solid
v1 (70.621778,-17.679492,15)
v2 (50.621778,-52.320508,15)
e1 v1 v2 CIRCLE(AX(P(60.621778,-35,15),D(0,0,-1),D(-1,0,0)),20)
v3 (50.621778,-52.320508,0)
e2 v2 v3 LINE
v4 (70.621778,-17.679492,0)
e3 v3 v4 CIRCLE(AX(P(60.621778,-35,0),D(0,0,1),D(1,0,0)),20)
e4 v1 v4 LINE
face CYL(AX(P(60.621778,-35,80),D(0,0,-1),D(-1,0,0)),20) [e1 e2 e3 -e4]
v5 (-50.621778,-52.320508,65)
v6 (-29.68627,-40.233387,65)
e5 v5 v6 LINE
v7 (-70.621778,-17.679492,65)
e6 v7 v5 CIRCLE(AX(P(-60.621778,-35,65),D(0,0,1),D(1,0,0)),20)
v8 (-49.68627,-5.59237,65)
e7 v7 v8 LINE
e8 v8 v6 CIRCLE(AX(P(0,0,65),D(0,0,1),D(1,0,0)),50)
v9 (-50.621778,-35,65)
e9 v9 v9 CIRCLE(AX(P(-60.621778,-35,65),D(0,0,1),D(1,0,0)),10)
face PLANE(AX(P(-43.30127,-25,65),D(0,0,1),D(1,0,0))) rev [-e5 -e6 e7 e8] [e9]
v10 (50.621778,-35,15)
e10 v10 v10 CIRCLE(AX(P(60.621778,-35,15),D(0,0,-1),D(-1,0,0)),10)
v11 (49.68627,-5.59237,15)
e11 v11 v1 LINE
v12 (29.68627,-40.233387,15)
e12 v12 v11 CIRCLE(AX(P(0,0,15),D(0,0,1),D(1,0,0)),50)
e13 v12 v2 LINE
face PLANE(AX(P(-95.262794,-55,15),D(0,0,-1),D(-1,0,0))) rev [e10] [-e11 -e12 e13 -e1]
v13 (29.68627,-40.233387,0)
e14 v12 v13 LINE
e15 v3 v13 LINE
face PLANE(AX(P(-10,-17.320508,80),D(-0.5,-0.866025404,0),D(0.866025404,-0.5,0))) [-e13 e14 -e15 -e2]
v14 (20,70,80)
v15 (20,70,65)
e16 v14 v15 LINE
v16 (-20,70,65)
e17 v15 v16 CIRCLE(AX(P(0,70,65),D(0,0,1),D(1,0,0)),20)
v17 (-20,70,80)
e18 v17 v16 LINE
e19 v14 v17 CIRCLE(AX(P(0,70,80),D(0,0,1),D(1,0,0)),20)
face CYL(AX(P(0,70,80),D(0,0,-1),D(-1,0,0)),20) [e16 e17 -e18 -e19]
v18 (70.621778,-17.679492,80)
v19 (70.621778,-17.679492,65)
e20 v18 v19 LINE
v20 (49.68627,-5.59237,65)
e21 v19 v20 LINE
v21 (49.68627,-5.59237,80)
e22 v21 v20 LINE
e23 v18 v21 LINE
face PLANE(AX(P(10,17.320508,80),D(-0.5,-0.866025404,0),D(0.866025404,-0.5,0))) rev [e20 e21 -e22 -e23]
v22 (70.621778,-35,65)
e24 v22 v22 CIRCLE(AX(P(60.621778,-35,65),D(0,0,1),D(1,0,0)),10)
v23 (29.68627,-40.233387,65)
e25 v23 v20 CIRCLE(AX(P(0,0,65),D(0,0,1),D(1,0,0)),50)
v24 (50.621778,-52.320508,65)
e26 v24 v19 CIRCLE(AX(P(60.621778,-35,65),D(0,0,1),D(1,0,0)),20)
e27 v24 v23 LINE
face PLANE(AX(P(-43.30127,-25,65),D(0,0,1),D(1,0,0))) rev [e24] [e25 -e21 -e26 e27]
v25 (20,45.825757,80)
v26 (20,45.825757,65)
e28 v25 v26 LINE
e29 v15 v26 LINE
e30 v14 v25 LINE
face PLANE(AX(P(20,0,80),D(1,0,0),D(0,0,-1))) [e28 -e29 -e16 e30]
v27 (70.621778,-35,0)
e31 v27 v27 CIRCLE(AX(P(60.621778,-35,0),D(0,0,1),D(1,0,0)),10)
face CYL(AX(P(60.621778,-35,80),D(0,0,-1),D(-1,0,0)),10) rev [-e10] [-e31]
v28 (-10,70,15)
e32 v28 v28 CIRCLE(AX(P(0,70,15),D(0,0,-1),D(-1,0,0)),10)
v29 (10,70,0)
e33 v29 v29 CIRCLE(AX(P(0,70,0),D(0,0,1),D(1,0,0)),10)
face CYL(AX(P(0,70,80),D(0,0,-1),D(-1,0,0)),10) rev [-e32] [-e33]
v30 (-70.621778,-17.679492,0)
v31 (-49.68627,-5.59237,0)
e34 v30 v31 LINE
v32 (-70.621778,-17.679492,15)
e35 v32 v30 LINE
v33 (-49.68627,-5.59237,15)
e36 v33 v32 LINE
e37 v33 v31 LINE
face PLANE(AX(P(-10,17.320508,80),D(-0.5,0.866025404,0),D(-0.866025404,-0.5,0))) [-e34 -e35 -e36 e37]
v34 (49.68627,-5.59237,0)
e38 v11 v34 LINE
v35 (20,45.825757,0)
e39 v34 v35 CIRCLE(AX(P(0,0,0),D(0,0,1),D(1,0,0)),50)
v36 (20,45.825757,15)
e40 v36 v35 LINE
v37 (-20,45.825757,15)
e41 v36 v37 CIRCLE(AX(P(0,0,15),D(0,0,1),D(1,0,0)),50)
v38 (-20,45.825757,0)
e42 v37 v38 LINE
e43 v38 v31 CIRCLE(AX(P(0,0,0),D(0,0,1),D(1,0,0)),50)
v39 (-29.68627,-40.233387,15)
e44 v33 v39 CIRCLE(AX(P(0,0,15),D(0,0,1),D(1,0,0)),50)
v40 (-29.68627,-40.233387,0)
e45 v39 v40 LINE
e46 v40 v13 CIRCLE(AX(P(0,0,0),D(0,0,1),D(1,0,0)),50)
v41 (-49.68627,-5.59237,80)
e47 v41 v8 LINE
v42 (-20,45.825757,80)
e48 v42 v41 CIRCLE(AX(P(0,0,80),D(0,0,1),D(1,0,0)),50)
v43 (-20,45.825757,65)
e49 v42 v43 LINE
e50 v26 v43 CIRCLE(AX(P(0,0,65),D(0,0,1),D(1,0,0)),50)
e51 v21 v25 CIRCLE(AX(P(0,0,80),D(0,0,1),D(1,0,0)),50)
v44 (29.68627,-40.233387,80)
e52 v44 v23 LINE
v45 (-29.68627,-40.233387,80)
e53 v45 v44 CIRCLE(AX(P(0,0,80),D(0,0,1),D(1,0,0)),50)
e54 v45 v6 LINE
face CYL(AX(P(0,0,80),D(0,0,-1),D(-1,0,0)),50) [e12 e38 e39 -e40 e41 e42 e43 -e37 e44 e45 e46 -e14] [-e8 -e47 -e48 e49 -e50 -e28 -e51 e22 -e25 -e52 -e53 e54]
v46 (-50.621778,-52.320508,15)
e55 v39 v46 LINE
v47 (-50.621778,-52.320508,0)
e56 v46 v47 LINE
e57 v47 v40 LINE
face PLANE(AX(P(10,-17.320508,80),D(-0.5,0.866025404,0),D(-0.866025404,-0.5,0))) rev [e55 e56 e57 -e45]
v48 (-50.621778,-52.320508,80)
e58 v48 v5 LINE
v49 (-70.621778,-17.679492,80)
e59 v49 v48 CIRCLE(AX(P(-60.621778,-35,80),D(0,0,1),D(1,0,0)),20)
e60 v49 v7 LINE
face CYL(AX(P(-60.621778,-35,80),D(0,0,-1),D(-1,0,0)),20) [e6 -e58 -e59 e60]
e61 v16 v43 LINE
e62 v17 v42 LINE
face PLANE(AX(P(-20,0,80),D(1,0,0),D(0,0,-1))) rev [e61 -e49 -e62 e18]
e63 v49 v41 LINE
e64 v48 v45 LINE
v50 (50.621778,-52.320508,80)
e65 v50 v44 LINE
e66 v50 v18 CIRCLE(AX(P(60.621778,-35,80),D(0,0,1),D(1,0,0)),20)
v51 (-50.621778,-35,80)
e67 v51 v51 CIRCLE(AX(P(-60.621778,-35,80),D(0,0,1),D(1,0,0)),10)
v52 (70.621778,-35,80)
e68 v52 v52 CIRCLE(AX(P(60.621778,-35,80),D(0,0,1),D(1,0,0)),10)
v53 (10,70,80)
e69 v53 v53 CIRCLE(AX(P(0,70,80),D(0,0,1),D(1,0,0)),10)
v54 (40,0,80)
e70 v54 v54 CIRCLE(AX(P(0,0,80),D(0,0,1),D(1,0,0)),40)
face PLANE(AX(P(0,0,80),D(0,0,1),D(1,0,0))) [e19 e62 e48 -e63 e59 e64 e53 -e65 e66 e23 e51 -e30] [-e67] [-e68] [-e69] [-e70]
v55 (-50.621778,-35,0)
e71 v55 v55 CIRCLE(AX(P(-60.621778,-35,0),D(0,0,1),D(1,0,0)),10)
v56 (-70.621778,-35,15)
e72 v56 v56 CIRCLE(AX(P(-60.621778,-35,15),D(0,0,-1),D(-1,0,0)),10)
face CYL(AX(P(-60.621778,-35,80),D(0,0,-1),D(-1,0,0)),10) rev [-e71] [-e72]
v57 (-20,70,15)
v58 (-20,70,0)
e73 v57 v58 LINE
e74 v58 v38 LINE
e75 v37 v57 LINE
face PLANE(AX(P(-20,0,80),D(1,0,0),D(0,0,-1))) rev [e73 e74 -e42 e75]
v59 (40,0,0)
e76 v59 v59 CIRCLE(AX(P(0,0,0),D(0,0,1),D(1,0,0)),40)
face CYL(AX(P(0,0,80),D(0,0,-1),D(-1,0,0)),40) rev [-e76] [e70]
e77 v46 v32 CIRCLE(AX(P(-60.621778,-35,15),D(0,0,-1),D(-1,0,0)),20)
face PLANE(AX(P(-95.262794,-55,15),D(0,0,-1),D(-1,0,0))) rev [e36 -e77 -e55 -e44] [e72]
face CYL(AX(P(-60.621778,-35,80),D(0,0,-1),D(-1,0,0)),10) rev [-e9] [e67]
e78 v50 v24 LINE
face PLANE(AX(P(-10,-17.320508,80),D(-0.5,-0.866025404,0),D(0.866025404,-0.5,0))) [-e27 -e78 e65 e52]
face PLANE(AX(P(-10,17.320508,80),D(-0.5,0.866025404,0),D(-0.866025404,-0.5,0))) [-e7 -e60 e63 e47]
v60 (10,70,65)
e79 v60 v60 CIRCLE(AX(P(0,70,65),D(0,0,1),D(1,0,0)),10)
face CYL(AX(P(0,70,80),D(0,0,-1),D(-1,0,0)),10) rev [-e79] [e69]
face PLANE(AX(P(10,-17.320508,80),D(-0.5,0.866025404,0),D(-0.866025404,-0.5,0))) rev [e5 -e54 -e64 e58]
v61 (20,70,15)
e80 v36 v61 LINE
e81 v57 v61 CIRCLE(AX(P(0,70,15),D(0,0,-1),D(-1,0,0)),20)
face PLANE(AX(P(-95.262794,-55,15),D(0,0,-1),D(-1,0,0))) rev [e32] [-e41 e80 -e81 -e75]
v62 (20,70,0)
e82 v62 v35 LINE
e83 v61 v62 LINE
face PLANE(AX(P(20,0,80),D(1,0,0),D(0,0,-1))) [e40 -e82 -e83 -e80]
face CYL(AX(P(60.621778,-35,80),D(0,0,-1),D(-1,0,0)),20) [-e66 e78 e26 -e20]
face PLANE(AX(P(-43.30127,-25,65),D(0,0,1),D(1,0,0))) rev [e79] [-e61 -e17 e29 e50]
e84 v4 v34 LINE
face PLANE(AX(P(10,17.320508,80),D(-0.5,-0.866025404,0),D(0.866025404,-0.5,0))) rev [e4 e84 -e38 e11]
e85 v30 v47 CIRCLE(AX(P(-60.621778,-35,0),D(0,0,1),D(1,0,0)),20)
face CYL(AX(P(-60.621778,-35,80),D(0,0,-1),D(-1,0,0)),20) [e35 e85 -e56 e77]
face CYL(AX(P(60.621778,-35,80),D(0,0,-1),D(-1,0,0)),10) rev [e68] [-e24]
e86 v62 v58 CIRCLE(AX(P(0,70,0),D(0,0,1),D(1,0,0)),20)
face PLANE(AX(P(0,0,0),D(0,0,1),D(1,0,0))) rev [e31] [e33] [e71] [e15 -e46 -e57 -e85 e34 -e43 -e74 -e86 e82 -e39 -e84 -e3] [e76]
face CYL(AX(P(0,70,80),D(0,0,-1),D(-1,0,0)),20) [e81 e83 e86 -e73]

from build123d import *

# Parameters (mm, degrees)
SKETCH1_R           = 50
SKETCH1_R_2         = 40
SKETCH1_R_3         = 10
BOSS_EXTRUDE1_DEPTH = 80
SKETCH6_W           = 60
SKETCH6_H           = 50


with BuildPart() as part:
    # Sketch1 → Boss-Extrude1 (new body)
    # profile 1 of 4: a face of its own
    with BuildSketch(Plane.XY):
        Circle(SKETCH1_R)
        Circle(SKETCH1_R_2, mode=Mode.SUBTRACT)
    # profile 2 of 4: a face of its own
    with BuildSketch(Plane.XY):
        with BuildLine():
            ThreePointArc((20, 70), (0, 90), (-20, 70))
            Line((-20, 70), (-20, 45.82575695))
            ThreePointArc((-20, 45.82575695), (0, 50), (20, 45.82575695))
            Line((20, 45.82575695), (20, 70))
        make_face()
        with Locations((0, 70)):
            Circle(SKETCH1_R_3, mode=Mode.SUBTRACT)
    # profile 3 of 4: a face of its own
    with BuildSketch(Plane.XY):
        with BuildLine():
            ThreePointArc((-29.686269666, -40.23338655), (-43.301270189, -25), (-49.686269666, -5.592370399))
            Line((-49.686269666, -5.592370399), (-70.621778265, -17.679491924))
            ThreePointArc((-70.621778265, -17.679491924), (-77.942286341, -45), (-50.621778265, -52.320508076))
            Line((-50.621778265, -52.320508076), (-29.686269666, -40.23338655))
        make_face()
        with Locations((-60.621778265, -35)):
            Circle(SKETCH1_R_3, mode=Mode.SUBTRACT)
    # profile 4 of 4: a face of its own
    with BuildSketch(Plane.XY):
        with BuildLine():
            Line((70.621778265, -17.679491924), (49.686269666, -5.592370399))
            ThreePointArc((49.686269666, -5.592370399), (43.301270189, -25), (29.686269666, -40.23338655))
            Line((29.686269666, -40.23338655), (50.621778265, -52.320508076))
            ThreePointArc((50.621778265, -52.320508076), (77.942286341, -45), (70.621778265, -17.679491924))
        make_face()
        with Locations((60.621778265, -35)):
            Circle(SKETCH1_R_3, mode=Mode.SUBTRACT)
    extrude(amount=BOSS_EXTRUDE1_DEPTH)

    # Sketch6 → Cut-Revolve1 (revolve, cut)
    with BuildSketch(Plane(origin=(0, 0, 0), x_dir=(-0.8660254037844385, -0.5000000000000004, 0), z_dir=(0.5000000000000003, -0.8660254037844384, 0)), mode=Mode.PRIVATE) as cut_revolve1_sk:
        with Locations((80, -40)):
            Rectangle(SKETCH6_W, SKETCH6_H)
    revolve(cut_revolve1_sk.sketch.rotate(Axis((0, 0, 80), (0, 0, -1)), 23.578178478), axis=Axis((0, 0, 80), (0, 0, -1)), mode=Mode.SUBTRACT)


solid = part.part
